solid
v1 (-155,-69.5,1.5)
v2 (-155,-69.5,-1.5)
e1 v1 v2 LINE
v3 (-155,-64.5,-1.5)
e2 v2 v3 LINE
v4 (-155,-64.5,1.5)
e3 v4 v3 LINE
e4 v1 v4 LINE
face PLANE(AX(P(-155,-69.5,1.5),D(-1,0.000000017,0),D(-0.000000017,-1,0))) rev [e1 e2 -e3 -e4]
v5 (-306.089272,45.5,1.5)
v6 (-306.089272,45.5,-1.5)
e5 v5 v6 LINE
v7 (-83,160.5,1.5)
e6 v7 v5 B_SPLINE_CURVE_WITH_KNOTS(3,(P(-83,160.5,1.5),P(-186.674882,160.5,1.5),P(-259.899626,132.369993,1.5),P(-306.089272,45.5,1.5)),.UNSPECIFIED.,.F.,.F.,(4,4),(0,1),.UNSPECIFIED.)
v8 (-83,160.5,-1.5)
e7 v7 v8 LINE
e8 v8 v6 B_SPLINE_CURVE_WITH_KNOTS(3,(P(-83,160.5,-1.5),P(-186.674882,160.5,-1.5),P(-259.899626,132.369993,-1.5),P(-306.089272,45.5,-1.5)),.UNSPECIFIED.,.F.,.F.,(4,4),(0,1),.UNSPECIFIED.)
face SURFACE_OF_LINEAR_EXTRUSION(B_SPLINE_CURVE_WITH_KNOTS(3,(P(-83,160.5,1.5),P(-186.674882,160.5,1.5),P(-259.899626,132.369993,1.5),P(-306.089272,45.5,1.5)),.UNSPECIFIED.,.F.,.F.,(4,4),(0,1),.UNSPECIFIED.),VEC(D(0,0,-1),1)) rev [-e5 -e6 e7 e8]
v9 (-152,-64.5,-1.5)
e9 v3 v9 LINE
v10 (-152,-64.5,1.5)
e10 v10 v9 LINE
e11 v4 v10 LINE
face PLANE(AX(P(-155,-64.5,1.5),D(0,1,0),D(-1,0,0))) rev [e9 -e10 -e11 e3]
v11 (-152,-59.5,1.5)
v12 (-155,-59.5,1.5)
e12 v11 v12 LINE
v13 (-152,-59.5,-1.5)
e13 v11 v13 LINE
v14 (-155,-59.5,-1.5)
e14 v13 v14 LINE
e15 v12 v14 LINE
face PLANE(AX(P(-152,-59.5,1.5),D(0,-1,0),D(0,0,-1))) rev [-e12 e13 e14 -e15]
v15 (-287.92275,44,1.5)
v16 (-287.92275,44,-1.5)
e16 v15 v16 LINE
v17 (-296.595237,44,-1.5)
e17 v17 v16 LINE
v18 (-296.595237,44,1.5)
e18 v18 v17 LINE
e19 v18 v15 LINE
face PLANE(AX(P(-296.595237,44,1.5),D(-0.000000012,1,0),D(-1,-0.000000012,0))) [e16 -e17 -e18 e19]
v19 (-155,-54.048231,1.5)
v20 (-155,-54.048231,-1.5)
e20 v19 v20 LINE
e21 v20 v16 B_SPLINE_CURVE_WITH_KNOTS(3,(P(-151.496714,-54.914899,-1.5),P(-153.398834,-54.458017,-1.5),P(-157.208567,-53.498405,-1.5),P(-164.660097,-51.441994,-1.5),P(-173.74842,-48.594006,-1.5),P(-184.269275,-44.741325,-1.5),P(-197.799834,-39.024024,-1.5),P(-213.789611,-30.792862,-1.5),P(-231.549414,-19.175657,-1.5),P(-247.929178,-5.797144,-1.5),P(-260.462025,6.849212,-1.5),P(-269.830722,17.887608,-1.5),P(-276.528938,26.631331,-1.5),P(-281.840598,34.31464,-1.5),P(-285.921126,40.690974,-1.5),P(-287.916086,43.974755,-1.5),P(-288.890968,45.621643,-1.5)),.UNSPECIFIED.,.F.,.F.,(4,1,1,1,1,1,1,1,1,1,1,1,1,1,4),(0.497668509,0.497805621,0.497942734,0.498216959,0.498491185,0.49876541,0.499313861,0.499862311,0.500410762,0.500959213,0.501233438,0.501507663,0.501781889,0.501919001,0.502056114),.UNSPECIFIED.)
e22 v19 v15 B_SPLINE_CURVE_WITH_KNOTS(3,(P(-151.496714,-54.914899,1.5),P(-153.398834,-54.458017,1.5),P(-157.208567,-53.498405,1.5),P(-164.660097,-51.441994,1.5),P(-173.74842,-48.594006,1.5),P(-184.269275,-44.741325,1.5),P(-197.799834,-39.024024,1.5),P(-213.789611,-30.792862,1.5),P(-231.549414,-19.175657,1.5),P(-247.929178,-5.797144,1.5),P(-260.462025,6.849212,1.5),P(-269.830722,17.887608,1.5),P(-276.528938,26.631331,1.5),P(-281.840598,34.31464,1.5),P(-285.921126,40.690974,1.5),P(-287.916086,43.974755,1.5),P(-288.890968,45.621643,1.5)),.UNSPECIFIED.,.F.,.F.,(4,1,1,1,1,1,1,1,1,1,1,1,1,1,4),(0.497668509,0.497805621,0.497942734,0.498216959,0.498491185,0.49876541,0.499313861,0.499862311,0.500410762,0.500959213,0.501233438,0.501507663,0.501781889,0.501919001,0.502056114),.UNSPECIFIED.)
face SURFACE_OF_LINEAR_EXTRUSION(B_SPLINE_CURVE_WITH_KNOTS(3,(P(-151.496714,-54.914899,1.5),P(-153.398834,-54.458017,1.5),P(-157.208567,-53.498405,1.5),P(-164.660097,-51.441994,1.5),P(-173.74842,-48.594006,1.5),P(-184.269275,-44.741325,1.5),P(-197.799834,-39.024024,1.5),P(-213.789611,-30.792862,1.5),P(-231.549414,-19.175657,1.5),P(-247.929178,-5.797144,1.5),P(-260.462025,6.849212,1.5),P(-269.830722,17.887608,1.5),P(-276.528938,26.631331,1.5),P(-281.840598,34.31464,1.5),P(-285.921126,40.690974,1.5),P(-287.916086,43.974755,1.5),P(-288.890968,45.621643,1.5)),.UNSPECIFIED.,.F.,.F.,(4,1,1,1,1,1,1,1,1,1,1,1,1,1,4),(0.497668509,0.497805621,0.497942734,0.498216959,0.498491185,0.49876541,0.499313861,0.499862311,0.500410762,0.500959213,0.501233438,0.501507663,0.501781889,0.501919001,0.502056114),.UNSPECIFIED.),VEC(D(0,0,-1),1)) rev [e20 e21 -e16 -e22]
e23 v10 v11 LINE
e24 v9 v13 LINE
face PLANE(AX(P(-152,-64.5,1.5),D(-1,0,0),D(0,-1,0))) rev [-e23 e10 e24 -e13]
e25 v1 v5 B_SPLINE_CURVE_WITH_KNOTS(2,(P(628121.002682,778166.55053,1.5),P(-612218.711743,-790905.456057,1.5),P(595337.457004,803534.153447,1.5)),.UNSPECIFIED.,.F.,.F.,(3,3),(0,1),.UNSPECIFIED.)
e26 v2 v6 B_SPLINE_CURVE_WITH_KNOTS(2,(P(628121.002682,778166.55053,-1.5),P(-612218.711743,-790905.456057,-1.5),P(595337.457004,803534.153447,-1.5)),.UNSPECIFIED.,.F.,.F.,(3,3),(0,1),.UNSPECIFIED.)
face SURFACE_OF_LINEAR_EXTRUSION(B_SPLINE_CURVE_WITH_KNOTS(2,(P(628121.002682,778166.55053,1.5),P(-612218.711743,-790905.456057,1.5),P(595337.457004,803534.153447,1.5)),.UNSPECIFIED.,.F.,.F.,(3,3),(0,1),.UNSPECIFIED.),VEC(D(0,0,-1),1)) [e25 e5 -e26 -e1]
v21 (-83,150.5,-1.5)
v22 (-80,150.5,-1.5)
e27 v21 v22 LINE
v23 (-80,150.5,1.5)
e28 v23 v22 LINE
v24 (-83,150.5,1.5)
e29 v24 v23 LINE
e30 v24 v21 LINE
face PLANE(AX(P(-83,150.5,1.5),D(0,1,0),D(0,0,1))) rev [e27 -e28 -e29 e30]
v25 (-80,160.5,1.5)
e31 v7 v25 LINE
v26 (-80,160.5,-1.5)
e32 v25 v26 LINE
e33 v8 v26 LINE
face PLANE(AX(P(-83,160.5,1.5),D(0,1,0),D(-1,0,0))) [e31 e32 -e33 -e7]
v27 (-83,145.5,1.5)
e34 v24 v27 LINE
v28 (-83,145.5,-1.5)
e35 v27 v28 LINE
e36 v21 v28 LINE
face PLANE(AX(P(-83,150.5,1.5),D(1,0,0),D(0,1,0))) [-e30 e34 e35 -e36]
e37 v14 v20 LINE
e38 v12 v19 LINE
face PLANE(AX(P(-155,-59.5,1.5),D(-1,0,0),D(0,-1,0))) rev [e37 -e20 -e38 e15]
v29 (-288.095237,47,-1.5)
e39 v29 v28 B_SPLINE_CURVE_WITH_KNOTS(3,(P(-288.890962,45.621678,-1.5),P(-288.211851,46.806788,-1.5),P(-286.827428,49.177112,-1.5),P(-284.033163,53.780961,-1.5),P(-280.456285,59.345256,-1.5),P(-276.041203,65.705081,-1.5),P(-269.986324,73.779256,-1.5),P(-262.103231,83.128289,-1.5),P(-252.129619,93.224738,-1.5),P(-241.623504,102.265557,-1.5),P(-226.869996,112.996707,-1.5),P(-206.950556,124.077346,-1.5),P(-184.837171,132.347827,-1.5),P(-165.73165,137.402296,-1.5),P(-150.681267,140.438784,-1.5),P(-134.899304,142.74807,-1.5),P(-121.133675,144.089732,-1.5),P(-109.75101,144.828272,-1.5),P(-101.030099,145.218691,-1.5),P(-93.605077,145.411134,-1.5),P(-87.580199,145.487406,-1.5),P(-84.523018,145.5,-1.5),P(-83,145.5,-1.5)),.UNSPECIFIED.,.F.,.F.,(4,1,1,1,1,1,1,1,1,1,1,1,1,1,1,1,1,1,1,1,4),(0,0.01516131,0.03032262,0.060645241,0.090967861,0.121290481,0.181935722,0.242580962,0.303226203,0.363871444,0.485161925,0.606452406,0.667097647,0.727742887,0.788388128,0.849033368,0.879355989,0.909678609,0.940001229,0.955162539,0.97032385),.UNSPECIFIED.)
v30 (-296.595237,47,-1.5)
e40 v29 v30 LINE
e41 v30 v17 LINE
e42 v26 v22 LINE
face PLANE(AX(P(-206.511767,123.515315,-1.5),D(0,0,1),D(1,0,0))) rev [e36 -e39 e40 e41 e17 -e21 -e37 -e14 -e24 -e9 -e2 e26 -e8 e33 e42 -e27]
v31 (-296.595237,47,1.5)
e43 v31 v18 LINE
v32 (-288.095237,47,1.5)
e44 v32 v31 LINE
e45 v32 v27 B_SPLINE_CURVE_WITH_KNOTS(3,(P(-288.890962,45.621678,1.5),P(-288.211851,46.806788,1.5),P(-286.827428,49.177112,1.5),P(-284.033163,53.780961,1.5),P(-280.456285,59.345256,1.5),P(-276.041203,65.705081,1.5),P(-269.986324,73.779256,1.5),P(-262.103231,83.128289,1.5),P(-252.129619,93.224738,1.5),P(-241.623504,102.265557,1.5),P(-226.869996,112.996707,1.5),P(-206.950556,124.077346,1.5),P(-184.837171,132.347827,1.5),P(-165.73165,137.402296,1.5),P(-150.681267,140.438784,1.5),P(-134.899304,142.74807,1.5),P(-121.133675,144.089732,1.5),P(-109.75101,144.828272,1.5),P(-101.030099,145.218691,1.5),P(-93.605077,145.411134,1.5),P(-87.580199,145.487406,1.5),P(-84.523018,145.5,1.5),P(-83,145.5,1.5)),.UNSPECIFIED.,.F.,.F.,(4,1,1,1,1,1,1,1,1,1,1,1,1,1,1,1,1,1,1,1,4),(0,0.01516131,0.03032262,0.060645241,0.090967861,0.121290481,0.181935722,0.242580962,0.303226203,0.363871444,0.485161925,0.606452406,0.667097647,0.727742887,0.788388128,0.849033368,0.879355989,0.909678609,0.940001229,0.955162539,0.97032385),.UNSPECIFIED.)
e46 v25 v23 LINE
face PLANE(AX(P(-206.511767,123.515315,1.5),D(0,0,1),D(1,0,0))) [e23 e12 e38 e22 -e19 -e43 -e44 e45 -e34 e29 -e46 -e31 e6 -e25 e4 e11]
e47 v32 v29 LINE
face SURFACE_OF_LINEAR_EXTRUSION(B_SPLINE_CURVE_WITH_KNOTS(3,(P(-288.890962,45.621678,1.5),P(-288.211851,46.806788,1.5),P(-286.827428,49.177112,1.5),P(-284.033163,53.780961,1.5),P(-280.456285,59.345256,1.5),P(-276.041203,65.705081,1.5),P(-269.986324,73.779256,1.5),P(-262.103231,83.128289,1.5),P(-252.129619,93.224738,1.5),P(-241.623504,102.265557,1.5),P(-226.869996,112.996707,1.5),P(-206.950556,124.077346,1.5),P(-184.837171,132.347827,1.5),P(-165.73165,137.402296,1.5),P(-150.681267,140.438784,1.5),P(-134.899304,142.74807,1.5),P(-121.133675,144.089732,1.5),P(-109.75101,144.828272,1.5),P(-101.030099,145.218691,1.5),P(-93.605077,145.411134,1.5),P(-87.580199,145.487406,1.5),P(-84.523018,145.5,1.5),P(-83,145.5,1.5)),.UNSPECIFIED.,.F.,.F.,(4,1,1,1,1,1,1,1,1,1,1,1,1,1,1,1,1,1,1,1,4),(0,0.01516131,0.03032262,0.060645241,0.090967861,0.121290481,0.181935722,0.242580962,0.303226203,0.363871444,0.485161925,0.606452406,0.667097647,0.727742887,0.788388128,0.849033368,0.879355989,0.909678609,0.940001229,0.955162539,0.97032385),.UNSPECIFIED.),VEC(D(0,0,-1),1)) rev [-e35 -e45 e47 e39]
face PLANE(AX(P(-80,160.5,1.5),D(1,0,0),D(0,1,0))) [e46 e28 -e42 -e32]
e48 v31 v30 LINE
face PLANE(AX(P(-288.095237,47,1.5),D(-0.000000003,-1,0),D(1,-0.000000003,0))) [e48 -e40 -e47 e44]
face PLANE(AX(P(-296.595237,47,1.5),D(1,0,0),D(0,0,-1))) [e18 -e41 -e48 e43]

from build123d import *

# Parameters (mm, degrees)
BOSS_EXTRUDE1_DEPTH = 1.5


with BuildPart() as part:
    # Sketch1 → Boss-Extrude1 (new, symmetric)
    with BuildSketch(Plane.XY):
        with BuildLine():
            Line((-83, 150.5), (-80, 150.5))
            Line((-80, 150.5), (-80, 160.5))
            Line((-80, 160.5), (-83, 160.5))
            add(Edge.make_bspline(
                [(-83, 160.5), (-186.674882328, 160.5), (-259.899625943, 132.369993049), (-306.089272366, 45.5)],
                knots=[0, 0, 0, 0, 1, 1, 1, 1], degree=3))
            add(Edge.make_bspline(
                [(-155, -69.5), (-256.223953913, -45.186386925), (-306.089272366, 45.5)],
                knots=[0, 0, 0, 1, 1, 1], degree=2))
            Line((-155, -69.5), (-154.999999917, -64.5))
            Line((-154.999999917, -64.5), (-152, -64.5))
            Line((-152, -64.5), (-152, -59.5))
            Line((-152, -59.5), (-154.999999917, -59.5))
            Line((-154.999999917, -59.5), (-154.999999917, -54.048230847))
            add(Edge.make_bspline(
                [(-154.999999917, -54.048230847), (-155.731391017, -53.861952556), (-158.35300609, -53.18251016), (-164.660079812, -51.441937103), (-173.748401065, -48.593950888), (-184.269254843, -44.741272938), (-197.799811005, -39.023974286), (-213.789585617, -30.792816145), (-231.54938628, -19.175615564), (-247.929147797, -5.797107699), (-260.461993531, 6.849243634), (-269.830689916, 17.887635578), (-276.528905481, 26.631356248), (-281.840565627, 34.314662243), (-285.585788565, 40.16703977), (-287.259111537, 42.898020189), (-287.922750115, 44.000000102)],
                knots=[0.497752743, 0.497752743, 0.497752743, 0.497752743, 0.497805621, 0.497942734, 0.498216959, 0.498491185, 0.49876541, 0.499313861, 0.499862311, 0.500410762, 0.500959213, 0.501233438, 0.501507663, 0.501781889, 0.501919001, 0.502011047, 0.502011047, 0.502011047, 0.502011047], degree=3))
            Line((-287.922750115, 44.000000102), (-296.595237141, 44))
            Line((-296.595237141, 44), (-296.595237141, 47))
            Line((-296.595237141, 47), (-288.095237155, 46.999999977))
            add(Edge.make_bspline(
                [(-288.095237155, 46.999999977), (-287.67425608, 47.723773029), (-286.556391538, 49.623615877), (-284.033138295, 53.780945513), (-280.456261147, 59.345240484), (-276.041179686, 65.705065743), (-269.986302057, 73.779240653), (-262.103210513, 83.128273836), (-252.129600389, 93.224723366), (-241.623487548, 102.265543316), (-226.8699821, 112.996693644), (-206.95054411, 124.077334491), (-184.837162494, 132.347816663), (-165.731643324, 137.402287642), (-150.68126183, 140.438776977), (-134.89929995, 142.748064465), (-121.133672011, 144.089727596), (-109.75100783, 144.828269011), (-101.030097883, 145.218689511), (-93.605076071, 145.411132847), (-87.580198375, 145.487405992), (-84.523017423, 145.5), (-83, 145.5)],
                knots=[0.005881872, 0.005881872, 0.005881872, 0.005881872, 0.01516131, 0.03032262, 0.060645241, 0.090967861, 0.121290481, 0.181935722, 0.242580962, 0.303226203, 0.363871444, 0.485161925, 0.606452406, 0.667097647, 0.727742887, 0.788388128, 0.849033368, 0.879355989, 0.909678609, 0.940001229, 0.955162539, 0.97032385, 0.97032385, 0.97032385, 0.97032385], degree=3))
            Line((-83, 145.5), (-83, 150.5))
        make_face()
    extrude(amount=BOSS_EXTRUDE1_DEPTH, both=True)


solid = part.part
